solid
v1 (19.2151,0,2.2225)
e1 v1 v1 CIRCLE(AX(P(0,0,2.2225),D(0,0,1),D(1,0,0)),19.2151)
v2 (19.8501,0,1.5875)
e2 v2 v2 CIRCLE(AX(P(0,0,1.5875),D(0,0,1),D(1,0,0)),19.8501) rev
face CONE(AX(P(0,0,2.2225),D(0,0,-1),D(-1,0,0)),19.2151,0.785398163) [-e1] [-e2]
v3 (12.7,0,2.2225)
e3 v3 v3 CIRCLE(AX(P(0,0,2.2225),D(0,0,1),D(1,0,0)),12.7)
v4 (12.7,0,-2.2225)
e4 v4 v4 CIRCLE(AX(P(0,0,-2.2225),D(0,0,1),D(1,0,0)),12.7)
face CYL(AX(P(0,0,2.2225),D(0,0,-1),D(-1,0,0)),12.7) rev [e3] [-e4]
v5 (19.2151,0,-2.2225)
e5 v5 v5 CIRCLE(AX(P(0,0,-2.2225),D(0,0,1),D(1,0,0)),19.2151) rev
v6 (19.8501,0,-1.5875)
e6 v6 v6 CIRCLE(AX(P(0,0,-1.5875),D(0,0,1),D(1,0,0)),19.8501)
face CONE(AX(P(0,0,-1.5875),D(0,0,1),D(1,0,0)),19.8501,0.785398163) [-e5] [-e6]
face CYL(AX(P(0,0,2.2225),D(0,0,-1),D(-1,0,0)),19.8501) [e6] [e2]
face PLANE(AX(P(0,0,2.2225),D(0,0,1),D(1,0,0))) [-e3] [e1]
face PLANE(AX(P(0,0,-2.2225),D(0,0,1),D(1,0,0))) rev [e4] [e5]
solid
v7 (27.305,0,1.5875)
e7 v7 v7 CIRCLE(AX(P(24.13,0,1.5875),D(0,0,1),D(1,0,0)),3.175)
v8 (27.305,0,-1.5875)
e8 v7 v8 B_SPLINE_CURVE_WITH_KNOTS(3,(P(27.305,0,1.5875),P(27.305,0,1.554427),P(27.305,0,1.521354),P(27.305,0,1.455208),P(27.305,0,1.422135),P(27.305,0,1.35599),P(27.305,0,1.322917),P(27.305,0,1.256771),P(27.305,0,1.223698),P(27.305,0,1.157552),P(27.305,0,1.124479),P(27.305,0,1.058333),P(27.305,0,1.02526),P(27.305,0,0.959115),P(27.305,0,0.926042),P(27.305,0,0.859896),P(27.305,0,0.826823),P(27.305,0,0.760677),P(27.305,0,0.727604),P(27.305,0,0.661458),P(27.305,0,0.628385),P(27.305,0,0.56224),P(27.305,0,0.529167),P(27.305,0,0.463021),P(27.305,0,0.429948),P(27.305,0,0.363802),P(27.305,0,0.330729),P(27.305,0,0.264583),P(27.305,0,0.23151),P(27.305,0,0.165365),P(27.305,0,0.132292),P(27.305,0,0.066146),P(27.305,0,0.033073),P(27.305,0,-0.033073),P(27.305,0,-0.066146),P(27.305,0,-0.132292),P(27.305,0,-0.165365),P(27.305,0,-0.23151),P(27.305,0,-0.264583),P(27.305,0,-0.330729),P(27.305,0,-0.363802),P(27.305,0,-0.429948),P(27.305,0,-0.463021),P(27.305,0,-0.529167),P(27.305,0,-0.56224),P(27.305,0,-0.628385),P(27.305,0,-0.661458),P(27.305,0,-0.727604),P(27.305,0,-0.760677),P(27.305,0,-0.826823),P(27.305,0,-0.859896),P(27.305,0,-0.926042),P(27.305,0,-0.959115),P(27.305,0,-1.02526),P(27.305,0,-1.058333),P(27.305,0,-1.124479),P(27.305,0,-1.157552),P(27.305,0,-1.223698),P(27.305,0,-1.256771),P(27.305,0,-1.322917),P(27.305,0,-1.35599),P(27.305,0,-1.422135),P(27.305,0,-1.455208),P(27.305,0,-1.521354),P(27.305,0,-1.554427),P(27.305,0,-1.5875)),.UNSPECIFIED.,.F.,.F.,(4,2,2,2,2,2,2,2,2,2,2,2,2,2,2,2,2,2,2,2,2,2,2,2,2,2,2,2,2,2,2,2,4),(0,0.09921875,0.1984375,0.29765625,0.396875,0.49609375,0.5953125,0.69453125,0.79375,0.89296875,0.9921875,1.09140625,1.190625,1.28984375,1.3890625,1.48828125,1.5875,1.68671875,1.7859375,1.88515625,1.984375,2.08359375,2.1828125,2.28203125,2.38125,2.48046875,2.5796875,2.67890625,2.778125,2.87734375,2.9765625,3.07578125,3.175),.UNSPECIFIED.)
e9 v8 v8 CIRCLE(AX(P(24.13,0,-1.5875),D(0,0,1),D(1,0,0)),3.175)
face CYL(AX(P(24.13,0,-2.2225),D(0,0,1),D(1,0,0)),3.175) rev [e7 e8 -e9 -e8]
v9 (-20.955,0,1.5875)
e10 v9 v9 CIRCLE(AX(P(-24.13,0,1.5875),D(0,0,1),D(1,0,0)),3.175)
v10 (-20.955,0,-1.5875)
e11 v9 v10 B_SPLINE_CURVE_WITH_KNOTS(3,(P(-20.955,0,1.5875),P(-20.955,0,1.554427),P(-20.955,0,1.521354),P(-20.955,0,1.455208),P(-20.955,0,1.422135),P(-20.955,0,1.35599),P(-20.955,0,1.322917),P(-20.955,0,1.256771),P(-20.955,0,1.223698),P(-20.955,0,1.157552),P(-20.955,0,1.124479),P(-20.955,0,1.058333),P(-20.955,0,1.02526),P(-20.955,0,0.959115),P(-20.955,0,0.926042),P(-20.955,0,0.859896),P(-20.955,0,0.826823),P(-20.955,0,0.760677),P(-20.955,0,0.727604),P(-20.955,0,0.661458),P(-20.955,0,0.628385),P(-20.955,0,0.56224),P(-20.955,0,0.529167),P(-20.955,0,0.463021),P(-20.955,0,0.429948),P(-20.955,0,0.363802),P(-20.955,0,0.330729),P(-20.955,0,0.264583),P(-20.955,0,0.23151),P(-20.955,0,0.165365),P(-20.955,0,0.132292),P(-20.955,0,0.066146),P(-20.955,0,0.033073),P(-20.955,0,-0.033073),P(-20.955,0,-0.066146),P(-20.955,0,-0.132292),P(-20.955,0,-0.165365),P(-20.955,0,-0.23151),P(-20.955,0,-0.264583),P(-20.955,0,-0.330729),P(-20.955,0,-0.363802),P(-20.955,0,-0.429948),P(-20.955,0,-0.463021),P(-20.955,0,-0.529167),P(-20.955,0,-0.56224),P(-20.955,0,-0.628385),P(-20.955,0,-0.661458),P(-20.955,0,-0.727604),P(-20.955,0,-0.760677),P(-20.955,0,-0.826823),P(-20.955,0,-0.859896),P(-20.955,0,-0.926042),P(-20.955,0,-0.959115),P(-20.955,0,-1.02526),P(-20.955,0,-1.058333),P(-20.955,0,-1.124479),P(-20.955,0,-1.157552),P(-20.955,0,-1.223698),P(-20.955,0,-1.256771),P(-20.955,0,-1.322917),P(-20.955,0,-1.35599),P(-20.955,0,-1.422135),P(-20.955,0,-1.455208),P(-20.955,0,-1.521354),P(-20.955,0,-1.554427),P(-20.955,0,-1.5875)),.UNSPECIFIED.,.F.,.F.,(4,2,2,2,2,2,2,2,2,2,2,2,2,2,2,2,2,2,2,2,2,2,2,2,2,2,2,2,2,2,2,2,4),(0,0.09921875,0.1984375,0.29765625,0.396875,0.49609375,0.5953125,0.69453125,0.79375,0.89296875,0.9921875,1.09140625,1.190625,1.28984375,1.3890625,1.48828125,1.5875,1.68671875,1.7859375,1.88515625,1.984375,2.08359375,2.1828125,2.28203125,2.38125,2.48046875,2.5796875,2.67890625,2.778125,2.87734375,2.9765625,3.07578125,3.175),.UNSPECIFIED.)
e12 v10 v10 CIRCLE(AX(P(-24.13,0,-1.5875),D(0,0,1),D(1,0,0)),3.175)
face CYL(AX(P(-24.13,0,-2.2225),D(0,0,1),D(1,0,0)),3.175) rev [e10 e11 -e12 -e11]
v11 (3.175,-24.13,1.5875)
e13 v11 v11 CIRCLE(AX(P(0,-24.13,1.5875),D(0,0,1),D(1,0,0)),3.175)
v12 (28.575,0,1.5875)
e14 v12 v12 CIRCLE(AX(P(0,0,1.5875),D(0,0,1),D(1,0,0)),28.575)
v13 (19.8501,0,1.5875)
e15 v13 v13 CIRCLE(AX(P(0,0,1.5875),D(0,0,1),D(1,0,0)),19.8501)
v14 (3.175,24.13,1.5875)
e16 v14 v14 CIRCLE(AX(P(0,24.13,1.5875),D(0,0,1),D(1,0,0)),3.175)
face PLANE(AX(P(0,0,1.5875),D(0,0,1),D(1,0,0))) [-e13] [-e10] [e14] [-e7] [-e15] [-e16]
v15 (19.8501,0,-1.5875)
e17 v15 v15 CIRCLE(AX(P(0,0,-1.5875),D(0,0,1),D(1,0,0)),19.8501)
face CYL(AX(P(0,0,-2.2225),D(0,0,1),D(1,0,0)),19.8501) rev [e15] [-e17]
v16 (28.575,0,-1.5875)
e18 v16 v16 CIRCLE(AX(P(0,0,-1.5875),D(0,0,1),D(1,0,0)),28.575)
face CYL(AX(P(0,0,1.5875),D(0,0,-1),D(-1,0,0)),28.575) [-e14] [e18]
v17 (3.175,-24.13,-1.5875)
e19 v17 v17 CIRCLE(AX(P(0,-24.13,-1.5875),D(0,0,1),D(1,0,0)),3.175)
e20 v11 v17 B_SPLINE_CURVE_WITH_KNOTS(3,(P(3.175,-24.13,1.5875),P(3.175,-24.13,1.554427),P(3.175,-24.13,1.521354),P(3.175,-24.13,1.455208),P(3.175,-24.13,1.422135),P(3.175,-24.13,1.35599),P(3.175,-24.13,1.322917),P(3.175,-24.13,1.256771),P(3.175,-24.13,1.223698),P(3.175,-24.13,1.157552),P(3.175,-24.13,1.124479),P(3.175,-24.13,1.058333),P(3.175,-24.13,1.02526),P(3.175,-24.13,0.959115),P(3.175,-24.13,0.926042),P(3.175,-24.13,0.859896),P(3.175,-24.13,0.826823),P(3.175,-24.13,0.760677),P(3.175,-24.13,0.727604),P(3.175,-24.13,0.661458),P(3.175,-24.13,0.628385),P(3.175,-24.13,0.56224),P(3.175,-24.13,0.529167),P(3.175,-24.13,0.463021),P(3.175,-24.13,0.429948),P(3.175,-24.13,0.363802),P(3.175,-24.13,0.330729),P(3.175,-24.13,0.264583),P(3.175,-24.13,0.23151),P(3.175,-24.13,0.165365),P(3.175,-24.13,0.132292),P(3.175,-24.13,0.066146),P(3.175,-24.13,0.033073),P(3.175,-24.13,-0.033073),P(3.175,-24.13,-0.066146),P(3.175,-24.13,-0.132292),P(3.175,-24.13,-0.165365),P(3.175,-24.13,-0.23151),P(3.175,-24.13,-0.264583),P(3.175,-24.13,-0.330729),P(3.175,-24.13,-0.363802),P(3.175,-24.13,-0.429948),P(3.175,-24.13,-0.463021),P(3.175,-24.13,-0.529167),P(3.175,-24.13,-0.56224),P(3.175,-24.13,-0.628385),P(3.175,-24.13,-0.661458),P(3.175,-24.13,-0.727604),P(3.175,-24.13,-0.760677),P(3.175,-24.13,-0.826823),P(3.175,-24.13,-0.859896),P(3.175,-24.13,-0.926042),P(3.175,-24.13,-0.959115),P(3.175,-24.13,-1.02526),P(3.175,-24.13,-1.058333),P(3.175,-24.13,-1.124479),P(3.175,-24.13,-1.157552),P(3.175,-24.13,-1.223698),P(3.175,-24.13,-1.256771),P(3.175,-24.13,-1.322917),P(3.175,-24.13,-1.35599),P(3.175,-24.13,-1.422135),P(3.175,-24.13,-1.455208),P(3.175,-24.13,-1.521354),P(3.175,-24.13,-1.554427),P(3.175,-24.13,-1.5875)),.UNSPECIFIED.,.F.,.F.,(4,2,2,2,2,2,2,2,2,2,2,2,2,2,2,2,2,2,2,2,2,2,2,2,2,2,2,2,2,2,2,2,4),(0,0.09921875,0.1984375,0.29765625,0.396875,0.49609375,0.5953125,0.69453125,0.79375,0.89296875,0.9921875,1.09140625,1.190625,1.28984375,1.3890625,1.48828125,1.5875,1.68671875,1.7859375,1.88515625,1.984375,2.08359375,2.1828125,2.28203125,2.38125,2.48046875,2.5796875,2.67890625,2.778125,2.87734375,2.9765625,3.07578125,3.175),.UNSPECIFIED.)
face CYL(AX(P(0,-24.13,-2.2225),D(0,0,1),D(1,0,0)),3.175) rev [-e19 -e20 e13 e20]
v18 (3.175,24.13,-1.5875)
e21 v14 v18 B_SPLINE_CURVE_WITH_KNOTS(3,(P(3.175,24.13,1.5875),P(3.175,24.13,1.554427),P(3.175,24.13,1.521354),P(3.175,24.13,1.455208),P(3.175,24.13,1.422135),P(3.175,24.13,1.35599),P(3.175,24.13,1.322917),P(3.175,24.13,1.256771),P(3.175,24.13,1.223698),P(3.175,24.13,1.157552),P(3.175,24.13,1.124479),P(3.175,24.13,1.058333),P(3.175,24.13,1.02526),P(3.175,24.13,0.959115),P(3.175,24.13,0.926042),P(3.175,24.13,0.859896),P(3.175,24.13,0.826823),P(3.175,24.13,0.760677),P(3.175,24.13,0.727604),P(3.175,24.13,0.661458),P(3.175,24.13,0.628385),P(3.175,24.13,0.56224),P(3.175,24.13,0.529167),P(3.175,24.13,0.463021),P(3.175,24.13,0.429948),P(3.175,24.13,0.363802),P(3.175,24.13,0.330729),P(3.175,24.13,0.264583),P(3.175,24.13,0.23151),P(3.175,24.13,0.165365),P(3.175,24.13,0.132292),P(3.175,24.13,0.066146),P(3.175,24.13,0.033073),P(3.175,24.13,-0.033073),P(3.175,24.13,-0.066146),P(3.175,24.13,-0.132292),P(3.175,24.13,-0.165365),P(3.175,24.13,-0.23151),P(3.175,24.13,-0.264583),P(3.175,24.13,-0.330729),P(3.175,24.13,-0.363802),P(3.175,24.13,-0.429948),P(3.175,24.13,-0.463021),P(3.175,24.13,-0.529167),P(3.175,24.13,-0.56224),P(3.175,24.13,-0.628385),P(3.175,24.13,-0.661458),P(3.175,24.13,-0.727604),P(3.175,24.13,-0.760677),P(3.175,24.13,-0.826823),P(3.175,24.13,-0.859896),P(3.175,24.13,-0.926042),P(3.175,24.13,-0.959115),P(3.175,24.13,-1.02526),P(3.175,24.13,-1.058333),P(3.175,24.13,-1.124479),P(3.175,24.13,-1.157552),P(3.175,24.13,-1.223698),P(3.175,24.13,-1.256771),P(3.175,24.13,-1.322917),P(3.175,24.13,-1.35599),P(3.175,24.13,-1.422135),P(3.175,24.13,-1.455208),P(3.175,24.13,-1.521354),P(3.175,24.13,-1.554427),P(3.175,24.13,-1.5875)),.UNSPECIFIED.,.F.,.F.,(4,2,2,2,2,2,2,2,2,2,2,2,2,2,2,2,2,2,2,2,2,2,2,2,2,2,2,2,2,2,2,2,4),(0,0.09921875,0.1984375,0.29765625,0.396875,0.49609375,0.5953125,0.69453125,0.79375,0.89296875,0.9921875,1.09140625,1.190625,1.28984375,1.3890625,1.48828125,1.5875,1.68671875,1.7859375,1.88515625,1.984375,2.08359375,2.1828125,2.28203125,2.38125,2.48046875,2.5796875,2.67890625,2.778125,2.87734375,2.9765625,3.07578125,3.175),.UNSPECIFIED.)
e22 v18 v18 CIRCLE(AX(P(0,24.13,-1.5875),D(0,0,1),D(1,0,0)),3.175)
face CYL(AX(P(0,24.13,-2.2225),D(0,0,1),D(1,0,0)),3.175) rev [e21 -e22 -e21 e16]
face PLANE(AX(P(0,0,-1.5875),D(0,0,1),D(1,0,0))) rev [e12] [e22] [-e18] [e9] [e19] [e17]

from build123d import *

# Parameters (mm, degrees)
SKETCH1_R               = 28.575
SKETCH1_R_2             = 12.7
BOSS_EXTRUDE1_DEPTH     = 1.5875
SKETCH8_R               = 19.8501
SKETCH8_R_2             = 12.7
BOSS_EXTRUDE2_DEPTH     = 2.2225
CHAMFER1_SIZE           = 0.635
CUT_EXTRUDE1_DEPTH      = 41.472222033
CUT_EXTRUDE1_DEPTH_BACK = 41.472222033
SKETCH9_R               = 19.8501
SKETCH10_R              = 3.175
CUT_EXTRUDE2_DEPTH      = 41.590360309


with BuildPart() as part:
    # Sketch1 → Boss-Extrude1 (new, symmetric)
    with BuildSketch(Plane.XY):
        Circle(SKETCH1_R)
        Circle(SKETCH1_R_2, mode=Mode.SUBTRACT)
    extrude(amount=BOSS_EXTRUDE1_DEPTH, both=True)

    # Sketch9 → Cut-Extrude1 (cut, two sides: drawn at the far end of the back side and taken through both)
    with BuildSketch(Plane.XY.offset(-CUT_EXTRUDE1_DEPTH_BACK)):
        Circle(SKETCH9_R)
    extrude(amount=CUT_EXTRUDE1_DEPTH + CUT_EXTRUDE1_DEPTH_BACK, mode=Mode.SUBTRACT)

    # Sketch10 → Cut-Extrude2 (cut, through all)
    with BuildSketch(Plane.XY.offset(1.5875)):
        with Locations((0, 24.13)):
            Circle(SKETCH10_R)
        with Locations((24.13, 0)):
            Circle(SKETCH10_R)
        with Locations((0, -24.13)):
            Circle(SKETCH10_R)
        with Locations((-24.13, 0)):
            Circle(SKETCH10_R)
    extrude(amount=-CUT_EXTRUDE2_DEPTH, mode=Mode.SUBTRACT)


with BuildPart() as body_2:
    # Sketch8 → Boss-Extrude2 (new, symmetric)
    with BuildSketch(Plane.XY):
        Circle(SKETCH8_R)
        Circle(SKETCH8_R_2, mode=Mode.SUBTRACT)
    extrude(amount=BOSS_EXTRUDE2_DEPTH, both=True)

    # Chamfer1
    chamfer1_edges = [body_2.edges().sort_by_distance(p)[0] for p in [
        (-19.8501, 0, -2.2225),
        (-19.8501, 0, 2.2225),
    ]]
    chamfer(chamfer1_edges, length=CHAMFER1_SIZE)


solid = Compound([part.part, body_2.part])
